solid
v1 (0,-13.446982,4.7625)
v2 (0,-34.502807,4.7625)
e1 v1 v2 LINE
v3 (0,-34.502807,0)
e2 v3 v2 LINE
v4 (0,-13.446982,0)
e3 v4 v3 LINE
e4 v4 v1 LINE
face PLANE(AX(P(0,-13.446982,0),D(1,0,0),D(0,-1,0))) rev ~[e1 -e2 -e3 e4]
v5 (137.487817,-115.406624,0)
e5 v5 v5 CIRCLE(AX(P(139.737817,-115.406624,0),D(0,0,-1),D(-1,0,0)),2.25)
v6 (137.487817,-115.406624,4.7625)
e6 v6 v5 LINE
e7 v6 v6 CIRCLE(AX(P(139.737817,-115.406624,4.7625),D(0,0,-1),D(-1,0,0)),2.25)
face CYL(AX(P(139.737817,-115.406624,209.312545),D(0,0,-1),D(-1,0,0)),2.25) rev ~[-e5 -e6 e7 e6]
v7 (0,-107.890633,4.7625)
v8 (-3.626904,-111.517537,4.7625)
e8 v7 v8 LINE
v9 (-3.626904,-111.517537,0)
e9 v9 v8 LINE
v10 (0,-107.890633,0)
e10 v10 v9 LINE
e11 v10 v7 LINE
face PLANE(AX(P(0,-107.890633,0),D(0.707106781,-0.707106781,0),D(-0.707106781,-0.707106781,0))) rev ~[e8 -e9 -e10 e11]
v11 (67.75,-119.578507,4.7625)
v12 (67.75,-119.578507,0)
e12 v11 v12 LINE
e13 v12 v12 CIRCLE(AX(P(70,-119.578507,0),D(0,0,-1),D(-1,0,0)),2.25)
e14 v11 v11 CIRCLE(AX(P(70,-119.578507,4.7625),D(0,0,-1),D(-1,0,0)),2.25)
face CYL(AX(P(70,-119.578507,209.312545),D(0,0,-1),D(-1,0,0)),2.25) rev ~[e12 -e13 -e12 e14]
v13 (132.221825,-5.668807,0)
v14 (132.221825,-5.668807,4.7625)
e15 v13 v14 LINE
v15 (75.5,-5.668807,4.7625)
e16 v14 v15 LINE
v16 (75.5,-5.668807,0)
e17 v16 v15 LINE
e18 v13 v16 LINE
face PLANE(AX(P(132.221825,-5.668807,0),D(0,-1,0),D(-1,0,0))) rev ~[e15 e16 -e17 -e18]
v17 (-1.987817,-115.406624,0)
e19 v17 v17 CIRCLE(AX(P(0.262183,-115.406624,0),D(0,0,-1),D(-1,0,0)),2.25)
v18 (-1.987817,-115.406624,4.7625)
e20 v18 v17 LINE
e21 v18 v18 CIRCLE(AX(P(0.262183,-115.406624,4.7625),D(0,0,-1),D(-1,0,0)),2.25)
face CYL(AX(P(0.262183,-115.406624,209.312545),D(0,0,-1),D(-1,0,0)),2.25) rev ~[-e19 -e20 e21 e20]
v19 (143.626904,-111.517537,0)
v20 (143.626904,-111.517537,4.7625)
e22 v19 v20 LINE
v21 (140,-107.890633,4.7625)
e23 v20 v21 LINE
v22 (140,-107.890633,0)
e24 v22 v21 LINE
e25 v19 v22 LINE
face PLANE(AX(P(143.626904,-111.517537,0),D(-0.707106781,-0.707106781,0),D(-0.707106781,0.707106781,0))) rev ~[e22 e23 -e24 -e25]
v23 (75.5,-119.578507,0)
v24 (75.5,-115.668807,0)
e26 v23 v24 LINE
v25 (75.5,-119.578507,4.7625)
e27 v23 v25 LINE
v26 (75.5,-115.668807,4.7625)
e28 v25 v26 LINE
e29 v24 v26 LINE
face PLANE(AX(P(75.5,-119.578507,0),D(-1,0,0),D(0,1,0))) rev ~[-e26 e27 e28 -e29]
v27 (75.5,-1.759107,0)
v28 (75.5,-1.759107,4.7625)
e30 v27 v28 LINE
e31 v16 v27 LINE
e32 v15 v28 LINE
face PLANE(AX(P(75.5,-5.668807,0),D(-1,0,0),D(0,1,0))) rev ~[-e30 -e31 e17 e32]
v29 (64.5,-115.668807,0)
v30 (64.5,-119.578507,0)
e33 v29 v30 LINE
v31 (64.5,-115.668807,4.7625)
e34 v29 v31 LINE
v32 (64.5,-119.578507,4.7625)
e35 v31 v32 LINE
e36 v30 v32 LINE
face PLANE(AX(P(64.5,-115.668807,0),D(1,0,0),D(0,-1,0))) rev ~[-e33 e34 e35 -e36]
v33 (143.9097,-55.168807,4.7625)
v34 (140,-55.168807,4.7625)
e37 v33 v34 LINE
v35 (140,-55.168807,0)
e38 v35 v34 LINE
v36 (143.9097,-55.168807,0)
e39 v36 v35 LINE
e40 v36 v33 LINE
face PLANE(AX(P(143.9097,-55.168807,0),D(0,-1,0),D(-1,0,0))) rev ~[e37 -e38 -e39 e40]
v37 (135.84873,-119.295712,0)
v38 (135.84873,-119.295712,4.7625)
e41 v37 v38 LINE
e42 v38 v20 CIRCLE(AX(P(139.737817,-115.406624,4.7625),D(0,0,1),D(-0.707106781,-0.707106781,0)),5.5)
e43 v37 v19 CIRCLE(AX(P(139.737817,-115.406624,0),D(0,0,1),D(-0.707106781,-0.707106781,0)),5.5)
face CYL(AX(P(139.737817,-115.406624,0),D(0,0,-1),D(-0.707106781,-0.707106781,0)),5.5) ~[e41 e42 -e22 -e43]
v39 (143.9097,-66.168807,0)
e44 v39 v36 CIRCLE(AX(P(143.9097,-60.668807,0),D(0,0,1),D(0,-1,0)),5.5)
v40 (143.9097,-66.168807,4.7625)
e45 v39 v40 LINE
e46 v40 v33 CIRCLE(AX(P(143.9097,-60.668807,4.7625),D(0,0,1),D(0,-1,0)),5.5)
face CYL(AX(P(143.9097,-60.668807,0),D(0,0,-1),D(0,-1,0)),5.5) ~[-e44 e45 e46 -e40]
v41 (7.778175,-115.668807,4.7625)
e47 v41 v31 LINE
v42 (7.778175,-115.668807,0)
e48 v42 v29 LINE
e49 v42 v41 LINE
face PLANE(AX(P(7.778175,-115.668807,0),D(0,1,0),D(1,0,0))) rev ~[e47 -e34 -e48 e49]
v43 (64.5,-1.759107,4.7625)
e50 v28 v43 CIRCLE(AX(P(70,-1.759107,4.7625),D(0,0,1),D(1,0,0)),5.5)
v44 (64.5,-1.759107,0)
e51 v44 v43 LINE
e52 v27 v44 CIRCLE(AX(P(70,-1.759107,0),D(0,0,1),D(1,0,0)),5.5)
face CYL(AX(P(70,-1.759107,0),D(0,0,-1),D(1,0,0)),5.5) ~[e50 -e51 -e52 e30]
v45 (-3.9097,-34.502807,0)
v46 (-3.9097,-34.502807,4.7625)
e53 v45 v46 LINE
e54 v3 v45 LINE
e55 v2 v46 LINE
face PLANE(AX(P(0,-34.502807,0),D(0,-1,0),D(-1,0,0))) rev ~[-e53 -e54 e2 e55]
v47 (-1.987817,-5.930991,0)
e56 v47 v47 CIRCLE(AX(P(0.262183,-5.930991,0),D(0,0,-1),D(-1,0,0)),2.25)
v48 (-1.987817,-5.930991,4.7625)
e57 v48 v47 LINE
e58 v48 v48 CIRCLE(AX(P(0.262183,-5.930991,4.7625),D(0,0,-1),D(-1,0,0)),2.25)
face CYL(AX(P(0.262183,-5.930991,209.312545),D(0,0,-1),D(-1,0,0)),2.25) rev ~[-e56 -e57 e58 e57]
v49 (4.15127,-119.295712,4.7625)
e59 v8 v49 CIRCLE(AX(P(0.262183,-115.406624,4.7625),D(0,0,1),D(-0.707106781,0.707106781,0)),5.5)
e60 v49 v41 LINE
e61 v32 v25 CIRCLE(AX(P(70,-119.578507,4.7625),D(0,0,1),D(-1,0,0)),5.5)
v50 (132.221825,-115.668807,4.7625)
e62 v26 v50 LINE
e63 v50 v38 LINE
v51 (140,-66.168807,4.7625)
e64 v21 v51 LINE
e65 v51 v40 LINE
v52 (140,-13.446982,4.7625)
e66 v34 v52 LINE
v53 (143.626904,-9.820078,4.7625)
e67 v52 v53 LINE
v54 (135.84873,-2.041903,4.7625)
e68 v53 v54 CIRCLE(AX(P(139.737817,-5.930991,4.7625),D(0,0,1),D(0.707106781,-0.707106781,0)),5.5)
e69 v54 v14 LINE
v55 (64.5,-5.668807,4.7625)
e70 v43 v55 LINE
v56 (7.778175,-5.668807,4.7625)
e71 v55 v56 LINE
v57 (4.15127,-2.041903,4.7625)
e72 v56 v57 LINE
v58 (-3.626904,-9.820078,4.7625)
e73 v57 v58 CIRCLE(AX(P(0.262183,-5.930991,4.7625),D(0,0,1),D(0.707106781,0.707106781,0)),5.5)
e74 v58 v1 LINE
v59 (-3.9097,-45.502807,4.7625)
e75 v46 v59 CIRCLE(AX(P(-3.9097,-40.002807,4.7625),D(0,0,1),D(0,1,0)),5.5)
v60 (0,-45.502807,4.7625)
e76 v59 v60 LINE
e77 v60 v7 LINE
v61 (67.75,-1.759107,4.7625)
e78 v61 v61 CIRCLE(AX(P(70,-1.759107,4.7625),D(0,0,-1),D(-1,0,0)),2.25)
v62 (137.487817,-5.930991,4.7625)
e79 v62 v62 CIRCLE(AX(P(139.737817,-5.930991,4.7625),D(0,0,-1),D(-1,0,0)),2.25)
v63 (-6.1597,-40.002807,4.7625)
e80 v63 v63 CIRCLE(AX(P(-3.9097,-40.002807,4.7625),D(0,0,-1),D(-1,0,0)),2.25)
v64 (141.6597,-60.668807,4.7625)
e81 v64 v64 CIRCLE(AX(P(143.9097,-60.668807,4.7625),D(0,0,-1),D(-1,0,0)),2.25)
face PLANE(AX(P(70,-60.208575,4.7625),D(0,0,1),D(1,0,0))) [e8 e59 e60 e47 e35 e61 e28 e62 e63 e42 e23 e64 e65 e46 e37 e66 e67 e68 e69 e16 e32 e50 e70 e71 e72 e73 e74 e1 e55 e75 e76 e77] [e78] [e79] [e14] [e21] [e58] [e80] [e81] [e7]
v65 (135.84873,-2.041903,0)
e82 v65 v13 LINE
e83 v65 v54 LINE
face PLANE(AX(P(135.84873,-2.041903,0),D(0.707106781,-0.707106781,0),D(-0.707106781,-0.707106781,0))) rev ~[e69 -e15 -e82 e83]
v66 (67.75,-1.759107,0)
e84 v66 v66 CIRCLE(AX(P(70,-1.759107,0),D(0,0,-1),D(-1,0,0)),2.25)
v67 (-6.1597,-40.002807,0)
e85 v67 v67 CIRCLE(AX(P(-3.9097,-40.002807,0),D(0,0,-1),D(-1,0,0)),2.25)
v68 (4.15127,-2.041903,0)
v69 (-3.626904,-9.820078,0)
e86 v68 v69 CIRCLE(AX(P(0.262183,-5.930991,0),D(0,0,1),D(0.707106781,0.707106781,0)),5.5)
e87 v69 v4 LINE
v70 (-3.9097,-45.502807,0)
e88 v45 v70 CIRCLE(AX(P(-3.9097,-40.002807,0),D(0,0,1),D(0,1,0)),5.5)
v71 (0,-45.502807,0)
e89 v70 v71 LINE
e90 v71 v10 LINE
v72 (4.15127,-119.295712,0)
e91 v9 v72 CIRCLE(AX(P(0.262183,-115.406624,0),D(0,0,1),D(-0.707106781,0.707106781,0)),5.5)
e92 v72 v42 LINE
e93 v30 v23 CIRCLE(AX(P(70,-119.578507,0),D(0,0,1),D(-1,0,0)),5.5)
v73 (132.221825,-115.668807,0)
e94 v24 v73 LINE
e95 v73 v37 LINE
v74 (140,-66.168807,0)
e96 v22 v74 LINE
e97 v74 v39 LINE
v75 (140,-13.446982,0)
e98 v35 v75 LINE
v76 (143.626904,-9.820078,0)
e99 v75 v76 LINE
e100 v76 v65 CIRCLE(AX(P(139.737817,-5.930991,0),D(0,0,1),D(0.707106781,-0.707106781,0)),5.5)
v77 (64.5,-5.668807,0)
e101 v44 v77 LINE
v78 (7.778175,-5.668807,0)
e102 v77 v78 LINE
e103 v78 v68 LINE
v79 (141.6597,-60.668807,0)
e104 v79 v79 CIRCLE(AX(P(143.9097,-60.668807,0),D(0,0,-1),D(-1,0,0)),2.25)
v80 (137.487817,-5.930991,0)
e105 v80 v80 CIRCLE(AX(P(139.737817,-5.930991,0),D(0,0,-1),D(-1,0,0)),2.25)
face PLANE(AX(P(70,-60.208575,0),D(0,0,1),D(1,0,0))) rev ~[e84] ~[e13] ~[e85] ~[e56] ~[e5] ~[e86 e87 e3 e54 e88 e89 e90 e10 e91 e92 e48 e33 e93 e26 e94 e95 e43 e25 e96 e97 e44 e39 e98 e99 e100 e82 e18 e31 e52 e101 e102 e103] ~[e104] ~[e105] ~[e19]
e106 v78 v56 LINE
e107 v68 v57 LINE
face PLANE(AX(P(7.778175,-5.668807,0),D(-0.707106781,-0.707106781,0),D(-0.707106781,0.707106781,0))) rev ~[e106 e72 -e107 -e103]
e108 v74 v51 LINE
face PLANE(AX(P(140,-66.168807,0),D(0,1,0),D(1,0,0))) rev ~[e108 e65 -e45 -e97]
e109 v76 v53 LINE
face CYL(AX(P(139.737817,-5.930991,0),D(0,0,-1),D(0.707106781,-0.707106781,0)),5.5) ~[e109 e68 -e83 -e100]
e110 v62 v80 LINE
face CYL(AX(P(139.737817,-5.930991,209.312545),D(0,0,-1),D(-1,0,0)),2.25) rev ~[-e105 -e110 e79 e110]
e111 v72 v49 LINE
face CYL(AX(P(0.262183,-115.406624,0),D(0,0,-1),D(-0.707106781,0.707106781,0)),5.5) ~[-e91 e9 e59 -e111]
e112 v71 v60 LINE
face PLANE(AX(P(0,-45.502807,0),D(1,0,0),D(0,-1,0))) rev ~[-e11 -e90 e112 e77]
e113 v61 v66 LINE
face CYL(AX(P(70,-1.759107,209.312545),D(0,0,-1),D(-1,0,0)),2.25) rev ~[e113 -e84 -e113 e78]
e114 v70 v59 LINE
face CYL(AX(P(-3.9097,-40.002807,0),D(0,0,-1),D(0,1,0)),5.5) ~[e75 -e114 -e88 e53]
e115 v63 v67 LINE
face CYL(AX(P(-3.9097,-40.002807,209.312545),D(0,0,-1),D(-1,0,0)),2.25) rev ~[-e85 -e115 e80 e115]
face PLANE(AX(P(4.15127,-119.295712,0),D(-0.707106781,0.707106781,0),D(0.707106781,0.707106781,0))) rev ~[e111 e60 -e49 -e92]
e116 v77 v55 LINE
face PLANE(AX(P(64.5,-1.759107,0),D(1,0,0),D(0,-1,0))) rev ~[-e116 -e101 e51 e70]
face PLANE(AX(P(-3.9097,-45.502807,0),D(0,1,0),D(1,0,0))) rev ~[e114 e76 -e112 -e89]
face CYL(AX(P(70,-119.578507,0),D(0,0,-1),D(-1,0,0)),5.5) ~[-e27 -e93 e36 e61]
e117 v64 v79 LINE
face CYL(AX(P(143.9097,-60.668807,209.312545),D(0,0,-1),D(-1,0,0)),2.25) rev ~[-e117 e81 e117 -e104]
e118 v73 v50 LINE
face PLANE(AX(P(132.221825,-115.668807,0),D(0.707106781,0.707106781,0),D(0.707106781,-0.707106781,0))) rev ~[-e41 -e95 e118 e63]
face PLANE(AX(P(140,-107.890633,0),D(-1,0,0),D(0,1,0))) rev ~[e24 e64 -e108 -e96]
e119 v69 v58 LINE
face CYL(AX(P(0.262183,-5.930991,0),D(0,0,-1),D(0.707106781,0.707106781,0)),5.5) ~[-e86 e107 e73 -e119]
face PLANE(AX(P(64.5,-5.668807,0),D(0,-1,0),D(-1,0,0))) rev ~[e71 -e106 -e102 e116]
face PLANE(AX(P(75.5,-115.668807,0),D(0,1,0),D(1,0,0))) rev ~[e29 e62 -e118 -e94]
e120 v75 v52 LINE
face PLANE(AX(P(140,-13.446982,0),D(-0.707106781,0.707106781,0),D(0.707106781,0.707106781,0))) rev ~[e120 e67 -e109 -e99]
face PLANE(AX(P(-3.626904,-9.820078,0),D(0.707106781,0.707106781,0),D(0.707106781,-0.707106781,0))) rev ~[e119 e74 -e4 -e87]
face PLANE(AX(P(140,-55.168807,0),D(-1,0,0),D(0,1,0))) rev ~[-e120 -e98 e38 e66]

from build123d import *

# Parameters (mm, degrees)
BOSS_EXTRUDE1_DEPTH  = 4.7625
M4_CLEARANCE_HOLE1_D = 4.5


with BuildPart() as part:
    # Sketch1 → Boss-Extrude1 (new body)
    with BuildSketch(Plane.XY):
        with BuildLine():
            Line((-3.626904156, -9.820077826), (0, -13.446981982))
            Line((0, -13.446981982), (0, -33.529852105))
            Line((0, -33.529852105), (0, -34.502807389))
            Line((0, -34.502807389), (-3.9097, -34.502807389))
            ThreePointArc((-3.9097, -34.502807389), (-9.4097, -40.002807389), (-3.9097, -45.502807389))
            Line((-3.9097, -45.502807389), (0, -45.502807389))
            Line((0, -45.502807389), (0, -46.902807389))
            Line((0, -46.902807389), (0, -51.502807389))
            Line((0, -51.502807389), (0, -107.890632795))
            Line((0, -107.890632795), (-3.626904156, -111.517536951))
            ThreePointArc((-3.626904156, -111.517536951), (-3.626904156, -119.295711544), (4.151270437, -119.295711544))
            Line((4.151270437, -119.295711544), (7.778174593, -115.668807389))
            Line((7.778174593, -115.668807389), (64.5, -115.668807389))
            Line((64.5, -115.668807389), (64.5, -119.578507389))
            ThreePointArc((64.5, -119.578507389), (70, -125.078507389), (75.5, -119.578507389))
            Line((75.5, -119.578507389), (75.5, -115.668807389))
            Line((75.5, -115.668807389), (132.221825407, -115.668807389))
            Line((132.221825407, -115.668807389), (135.848729563, -119.295711544))
            ThreePointArc((135.848729563, -119.295711544), (143.626904156, -119.295711544), (143.626904156, -111.517536951))
            Line((143.626904156, -111.517536951), (140, -107.890632795))
            Line((140, -107.890632795), (140, -66.168807389))
            Line((140, -66.168807389), (143.9097, -66.168807389))
            ThreePointArc((143.9097, -66.168807389), (149.4097, -60.668807389), (143.9097, -55.168807389))
            Line((143.9097, -55.168807389), (140, -55.168807389))
            Line((140, -55.168807389), (140, -13.446981982))
            Line((140, -13.446981982), (143.626904156, -9.820077826))
            ThreePointArc((143.626904156, -9.820077826), (143.626904156, -2.041903233), (135.848729563, -2.041903233))
            Line((135.848729563, -2.041903233), (132.221825407, -5.668807389))
            Line((132.221825407, -5.668807389), (75.5, -5.668807389))
            Line((75.5, -5.668807389), (75.5, -1.759107389))
            ThreePointArc((75.5, -1.759107389), (70, 3.740892611), (64.5, -1.759107389))
            Line((64.5, -1.759107389), (64.5, -5.668807389))
            Line((64.5, -5.668807389), (7.778174593, -5.668807389))
            Line((7.778174593, -5.668807389), (4.151270437, -2.041903233))
            ThreePointArc((4.151270437, -2.041903233), (-3.626904156, -2.041903233), (-3.626904156, -9.820077826))
        make_face()
    extrude(amount=BOSS_EXTRUDE1_DEPTH)

    # M4 Clearance Hole1 (through all)
    with Locations(Plane.XY.offset(4.7625)):
        with Locations((0.262183141, -5.930990529), (-3.9097, -40.002807389), (0.262183141, -115.406624248), (70, -119.578507389), (139.737816859, -115.406624248), (143.9097, -60.668807389), (139.737816859, -5.930990529), (70, -1.759107389)):
            Hole(M4_CLEARANCE_HOLE1_D / 2)


solid = part.part
